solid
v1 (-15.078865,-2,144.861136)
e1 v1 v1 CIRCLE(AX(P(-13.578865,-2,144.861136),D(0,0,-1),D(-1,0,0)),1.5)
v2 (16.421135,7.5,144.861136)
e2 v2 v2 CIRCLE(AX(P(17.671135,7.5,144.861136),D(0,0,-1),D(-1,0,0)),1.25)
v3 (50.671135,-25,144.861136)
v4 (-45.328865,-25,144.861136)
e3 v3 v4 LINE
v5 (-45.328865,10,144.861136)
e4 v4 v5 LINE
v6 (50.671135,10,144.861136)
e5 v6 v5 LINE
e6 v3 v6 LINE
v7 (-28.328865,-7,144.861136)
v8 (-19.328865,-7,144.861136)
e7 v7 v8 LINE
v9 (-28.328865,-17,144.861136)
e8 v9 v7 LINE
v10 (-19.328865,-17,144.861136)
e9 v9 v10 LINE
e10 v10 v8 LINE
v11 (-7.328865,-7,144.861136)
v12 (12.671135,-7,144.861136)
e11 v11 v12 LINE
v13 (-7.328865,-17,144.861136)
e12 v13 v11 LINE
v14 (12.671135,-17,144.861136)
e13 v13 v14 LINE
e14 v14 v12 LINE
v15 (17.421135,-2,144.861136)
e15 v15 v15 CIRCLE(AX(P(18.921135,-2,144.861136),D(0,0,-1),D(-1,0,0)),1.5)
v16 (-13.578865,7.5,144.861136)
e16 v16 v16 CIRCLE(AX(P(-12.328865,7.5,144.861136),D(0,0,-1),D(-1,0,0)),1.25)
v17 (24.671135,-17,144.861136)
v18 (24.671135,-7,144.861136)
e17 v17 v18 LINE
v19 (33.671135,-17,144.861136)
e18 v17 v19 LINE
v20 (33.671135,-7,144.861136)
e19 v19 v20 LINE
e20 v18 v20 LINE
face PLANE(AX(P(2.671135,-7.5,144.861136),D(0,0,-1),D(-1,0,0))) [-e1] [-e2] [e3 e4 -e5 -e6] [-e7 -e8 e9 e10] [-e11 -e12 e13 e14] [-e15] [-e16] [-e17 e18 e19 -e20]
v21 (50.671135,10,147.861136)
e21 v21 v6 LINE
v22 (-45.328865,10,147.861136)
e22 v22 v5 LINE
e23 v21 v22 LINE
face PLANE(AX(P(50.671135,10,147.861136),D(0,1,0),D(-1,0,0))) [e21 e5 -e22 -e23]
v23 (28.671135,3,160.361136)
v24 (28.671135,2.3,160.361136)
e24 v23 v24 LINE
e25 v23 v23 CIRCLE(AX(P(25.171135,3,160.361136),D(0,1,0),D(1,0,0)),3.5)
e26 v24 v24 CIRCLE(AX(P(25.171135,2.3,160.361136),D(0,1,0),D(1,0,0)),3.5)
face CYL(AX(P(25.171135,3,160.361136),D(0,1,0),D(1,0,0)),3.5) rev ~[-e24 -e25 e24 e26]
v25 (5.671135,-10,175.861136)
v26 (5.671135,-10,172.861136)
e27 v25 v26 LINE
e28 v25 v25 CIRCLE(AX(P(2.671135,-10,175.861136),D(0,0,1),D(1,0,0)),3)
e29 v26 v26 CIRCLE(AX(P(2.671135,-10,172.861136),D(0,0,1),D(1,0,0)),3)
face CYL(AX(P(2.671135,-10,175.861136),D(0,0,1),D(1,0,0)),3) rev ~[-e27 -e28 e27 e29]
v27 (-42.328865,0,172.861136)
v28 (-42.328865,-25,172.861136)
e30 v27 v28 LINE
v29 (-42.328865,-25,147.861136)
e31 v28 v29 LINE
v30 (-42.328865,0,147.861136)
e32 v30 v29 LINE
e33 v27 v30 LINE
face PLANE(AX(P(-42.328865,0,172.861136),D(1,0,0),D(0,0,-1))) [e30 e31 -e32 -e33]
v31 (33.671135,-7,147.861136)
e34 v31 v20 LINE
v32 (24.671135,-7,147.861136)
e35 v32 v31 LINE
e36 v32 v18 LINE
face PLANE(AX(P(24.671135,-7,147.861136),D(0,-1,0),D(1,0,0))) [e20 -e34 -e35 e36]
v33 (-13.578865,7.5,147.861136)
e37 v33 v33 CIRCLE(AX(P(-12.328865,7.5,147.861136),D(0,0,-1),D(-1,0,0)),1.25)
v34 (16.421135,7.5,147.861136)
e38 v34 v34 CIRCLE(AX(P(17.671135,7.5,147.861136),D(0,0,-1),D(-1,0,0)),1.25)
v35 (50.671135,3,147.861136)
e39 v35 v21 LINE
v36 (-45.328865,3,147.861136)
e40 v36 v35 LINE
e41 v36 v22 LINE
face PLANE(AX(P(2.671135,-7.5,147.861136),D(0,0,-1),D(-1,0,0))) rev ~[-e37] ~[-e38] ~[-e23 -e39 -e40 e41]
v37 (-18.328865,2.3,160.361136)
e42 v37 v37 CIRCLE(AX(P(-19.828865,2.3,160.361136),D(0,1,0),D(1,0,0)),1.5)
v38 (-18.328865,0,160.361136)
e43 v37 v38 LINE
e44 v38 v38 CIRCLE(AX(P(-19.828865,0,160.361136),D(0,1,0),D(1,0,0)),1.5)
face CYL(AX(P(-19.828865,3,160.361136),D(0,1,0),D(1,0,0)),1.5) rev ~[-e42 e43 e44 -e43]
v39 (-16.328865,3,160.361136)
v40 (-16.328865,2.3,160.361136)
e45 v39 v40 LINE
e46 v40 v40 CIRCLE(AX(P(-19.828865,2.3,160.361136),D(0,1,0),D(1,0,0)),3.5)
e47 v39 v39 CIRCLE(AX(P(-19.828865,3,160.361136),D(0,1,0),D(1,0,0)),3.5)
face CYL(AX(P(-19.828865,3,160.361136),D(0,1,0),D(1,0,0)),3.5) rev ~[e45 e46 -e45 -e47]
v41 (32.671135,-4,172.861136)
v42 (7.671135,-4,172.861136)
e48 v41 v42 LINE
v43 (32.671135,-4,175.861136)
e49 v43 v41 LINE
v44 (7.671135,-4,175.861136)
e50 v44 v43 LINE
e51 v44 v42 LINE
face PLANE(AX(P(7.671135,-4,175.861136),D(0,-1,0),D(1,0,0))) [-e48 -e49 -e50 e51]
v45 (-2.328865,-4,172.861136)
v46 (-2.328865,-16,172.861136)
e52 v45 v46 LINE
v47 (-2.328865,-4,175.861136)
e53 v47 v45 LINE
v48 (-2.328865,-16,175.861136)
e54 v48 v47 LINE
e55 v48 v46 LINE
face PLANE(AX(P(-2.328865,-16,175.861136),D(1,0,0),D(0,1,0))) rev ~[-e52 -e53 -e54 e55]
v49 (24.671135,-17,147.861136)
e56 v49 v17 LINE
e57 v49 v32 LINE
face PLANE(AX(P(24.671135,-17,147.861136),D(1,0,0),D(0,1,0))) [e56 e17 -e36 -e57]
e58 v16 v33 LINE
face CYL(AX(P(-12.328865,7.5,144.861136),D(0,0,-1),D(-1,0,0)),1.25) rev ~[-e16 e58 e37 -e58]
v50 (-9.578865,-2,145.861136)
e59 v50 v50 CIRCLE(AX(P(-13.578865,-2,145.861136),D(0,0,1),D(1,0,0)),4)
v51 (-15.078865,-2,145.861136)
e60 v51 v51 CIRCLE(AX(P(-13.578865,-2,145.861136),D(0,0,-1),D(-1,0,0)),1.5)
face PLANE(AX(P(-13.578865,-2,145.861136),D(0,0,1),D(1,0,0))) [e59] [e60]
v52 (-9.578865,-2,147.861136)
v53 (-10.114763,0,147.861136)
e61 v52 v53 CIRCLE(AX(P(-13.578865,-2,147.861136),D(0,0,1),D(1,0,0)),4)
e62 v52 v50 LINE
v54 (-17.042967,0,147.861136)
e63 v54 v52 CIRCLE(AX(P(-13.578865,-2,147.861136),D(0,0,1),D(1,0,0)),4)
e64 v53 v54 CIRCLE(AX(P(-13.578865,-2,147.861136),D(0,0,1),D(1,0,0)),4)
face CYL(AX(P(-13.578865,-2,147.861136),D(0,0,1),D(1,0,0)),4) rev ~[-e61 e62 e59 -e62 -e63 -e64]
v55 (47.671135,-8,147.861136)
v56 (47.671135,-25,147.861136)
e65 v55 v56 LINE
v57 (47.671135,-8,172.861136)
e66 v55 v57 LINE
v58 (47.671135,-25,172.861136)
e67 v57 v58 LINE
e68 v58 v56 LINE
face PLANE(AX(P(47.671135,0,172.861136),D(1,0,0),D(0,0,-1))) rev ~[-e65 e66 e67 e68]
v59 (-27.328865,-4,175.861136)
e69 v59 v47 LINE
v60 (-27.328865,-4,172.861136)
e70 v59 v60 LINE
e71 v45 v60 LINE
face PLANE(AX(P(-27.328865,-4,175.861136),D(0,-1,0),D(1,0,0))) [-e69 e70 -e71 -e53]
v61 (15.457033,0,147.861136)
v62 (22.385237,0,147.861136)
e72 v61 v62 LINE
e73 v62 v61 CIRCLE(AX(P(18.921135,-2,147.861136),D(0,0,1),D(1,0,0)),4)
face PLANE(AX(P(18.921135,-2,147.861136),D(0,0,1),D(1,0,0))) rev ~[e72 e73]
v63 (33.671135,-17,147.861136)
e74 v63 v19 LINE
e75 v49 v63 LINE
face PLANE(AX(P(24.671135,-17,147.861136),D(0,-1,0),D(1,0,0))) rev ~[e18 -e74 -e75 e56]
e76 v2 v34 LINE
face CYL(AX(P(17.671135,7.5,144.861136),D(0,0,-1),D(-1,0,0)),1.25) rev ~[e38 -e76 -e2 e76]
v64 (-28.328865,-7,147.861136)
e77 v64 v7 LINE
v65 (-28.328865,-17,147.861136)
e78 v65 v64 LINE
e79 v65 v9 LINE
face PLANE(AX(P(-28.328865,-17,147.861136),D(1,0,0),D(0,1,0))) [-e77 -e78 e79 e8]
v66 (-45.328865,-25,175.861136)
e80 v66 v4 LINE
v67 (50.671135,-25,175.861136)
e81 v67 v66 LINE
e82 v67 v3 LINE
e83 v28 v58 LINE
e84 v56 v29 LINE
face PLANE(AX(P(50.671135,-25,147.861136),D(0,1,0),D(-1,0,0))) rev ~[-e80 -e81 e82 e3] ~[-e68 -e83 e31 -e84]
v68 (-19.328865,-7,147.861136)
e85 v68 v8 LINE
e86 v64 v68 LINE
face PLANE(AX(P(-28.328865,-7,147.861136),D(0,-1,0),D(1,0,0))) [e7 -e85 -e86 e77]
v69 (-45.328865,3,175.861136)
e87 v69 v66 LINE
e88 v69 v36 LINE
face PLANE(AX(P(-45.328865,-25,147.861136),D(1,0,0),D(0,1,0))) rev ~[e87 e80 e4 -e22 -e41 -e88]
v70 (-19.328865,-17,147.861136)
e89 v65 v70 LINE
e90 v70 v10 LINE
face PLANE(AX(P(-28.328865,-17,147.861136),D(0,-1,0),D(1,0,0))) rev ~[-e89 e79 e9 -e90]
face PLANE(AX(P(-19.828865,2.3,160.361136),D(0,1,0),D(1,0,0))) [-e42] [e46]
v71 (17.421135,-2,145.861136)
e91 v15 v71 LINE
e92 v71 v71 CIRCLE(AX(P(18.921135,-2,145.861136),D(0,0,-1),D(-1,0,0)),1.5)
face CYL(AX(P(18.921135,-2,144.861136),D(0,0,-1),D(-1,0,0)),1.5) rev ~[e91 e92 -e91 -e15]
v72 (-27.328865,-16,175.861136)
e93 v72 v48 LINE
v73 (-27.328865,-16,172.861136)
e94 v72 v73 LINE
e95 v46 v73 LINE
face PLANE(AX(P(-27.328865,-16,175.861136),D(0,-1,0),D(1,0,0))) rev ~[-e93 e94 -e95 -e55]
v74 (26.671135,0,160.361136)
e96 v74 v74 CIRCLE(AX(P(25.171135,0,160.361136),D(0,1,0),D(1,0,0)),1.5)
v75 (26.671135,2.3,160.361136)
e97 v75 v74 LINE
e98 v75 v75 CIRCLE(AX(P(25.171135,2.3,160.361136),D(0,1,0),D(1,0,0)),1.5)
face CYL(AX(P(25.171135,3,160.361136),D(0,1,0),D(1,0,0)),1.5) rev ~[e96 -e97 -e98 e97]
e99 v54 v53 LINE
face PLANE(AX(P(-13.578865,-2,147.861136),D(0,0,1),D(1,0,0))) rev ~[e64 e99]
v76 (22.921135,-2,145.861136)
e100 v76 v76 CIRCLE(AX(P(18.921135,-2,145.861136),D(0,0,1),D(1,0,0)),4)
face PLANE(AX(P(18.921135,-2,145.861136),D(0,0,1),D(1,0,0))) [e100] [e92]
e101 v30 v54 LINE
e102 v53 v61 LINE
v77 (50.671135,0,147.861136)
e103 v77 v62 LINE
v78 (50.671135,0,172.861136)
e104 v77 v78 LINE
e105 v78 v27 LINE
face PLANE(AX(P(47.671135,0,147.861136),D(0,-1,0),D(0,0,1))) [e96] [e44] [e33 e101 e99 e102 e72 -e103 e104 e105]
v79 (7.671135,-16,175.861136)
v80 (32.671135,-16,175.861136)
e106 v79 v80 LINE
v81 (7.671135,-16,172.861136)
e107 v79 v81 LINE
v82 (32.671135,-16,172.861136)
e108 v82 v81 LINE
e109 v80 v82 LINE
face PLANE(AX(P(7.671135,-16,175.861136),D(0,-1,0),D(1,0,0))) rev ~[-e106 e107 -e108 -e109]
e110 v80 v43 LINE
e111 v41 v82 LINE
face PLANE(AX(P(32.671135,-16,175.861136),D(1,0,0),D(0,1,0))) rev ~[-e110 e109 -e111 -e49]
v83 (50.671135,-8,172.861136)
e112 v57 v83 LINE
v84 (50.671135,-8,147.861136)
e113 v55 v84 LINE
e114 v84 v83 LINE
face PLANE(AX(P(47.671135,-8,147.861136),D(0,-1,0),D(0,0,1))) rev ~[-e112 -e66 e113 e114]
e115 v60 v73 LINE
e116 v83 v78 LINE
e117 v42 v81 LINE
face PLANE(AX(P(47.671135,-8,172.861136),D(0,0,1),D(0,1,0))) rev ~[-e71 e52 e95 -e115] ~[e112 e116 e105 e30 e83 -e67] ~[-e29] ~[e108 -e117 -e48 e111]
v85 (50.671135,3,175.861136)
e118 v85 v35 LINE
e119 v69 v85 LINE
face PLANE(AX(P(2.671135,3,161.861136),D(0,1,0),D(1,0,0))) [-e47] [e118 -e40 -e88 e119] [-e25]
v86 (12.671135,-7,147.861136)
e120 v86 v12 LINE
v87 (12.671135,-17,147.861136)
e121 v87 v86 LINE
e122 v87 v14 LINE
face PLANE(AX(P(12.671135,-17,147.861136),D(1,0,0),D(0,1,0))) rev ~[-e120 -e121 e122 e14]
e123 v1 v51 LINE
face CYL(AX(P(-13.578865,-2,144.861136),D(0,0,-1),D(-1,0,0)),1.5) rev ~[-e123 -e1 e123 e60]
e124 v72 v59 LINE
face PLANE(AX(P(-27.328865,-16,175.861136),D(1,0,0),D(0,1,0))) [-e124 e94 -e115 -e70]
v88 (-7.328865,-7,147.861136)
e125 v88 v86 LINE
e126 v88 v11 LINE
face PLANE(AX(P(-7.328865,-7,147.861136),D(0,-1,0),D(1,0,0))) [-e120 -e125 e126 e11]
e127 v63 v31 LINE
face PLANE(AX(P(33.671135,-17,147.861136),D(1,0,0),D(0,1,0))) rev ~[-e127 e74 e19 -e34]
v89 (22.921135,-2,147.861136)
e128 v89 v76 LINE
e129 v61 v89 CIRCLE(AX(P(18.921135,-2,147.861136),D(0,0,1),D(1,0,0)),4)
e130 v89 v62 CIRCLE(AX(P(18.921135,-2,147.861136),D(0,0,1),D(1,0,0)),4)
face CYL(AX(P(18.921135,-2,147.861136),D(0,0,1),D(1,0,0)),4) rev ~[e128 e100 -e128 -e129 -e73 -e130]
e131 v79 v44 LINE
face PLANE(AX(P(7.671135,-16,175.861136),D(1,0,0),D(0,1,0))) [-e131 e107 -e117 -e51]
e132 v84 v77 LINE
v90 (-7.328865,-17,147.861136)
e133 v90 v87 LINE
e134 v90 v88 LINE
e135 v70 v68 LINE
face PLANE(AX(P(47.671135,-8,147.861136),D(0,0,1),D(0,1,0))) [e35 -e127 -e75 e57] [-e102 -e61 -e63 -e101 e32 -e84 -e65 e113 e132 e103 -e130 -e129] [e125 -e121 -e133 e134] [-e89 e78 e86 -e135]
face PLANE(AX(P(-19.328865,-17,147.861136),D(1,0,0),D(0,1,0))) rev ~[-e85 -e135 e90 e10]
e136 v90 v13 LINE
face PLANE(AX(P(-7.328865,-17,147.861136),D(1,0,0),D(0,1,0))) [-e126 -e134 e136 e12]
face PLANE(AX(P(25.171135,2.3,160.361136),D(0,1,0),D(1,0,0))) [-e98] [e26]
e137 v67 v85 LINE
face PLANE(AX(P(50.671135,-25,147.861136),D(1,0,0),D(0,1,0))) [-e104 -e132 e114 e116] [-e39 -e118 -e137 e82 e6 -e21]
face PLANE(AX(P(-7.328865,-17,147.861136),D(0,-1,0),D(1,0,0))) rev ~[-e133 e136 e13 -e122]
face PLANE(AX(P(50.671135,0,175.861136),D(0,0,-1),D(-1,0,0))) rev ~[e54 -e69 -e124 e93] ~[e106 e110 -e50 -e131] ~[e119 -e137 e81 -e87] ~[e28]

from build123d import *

# Parameters (mm, degrees)
SKETCH1_W           = 96
SKETCH1_H           = 28
BOSS_EXTRUDE1_DEPTH = 3
SKETCH2_W           = 3
SKETCH2_H           = 25
BOSS_EXTRUDE2_DEPTH = 25
SKETCH3_W           = 96
SKETCH3_H           = 35
BOSS_EXTRUDE3_DEPTH = 3
CUT_EXTRUDE2_REACH  = 30
SKETCH4_R           = 1.5
SKETCH5_R           = 3.5
CUT_EXTRUDE3_DEPTH  = 0.7
CUT_EXTRUDE4_REACH  = 33
SKETCH6_R           = 1.5
SKETCH6_R_2         = 1.25
SKETCH7_R           = 4
CUT_EXTRUDE5_DEPTH  = 2
CUT_EXTRUDE7_REACH  = 33
SKETCH8_R           = 3
SKETCH8_W           = 25
SKETCH8_H           = 12
CUT_EXTRUDE8_REACH  = 5
SKETCH9_W           = 20
SKETCH9_H           = 10
SKETCH9_W_2         = 9
CUT_EXTRUDE9_REACH  = 5
SKETCH10_W          = 25
SKETCH10_H          = 8


with BuildPart() as part:
    # Sketch1 → Boss-Extrude1 (new body)
    with BuildSketch(Plane(origin=(0, 0, 0), x_dir=(1, 0, 0), z_dir=(0, 1, 0))):
        with Locations((2.671135036, -161.861135542)):
            Rectangle(SKETCH1_W, SKETCH1_H)
    extrude(amount=BOSS_EXTRUDE1_DEPTH)

    # Sketch2 → Boss-Extrude2 (add)
    with BuildSketch(Plane(origin=(0, 0, 0), x_dir=(-1, 0, 0), z_dir=(0, -1, 0))):
        Polygon((-50.671135036, -175.861135542), (45.328864964, -175.861135542), (45.328864964, -172.861135542), (42.328864964, -172.861135542), (-47.671135036, -172.861135542), (-50.671135036, -172.861135542), align=None)
        with Locations((43.828864964, -160.361135542)):
            Rectangle(SKETCH2_W, SKETCH2_H)
        with Locations((-49.171135036, -160.361135542)):
            Rectangle(SKETCH2_W, SKETCH2_H)
    extrude(amount=BOSS_EXTRUDE2_DEPTH)

    # Sketch3 → Boss-Extrude3 (add)
    with BuildSketch(Plane(origin=(0, 0, 147.861135542), x_dir=(-1, 0, 0), z_dir=(0, 0, -1))):
        with Locations((-2.671135036, -7.5)):
            Rectangle(SKETCH3_W, SKETCH3_H)
    extrude(amount=BOSS_EXTRUDE3_DEPTH)

    # Sketch4 → Cut-Extrude2 (cut, up to next)
    with BuildSketch(Plane(origin=(0, 3, 0), x_dir=(1, 0, 0), z_dir=(0, 1, 0)), mode=Mode.PRIVATE) as cut_extrude2_sk1:
        with Locations((-19.828864964, -160.361135542)):
            Circle(SKETCH4_R)
    cut_extrude2_tool1 = extrude(cut_extrude2_sk1.sketch, amount=-CUT_EXTRUDE2_REACH, mode=Mode.PRIVATE) & part.part
    add(cut_extrude2_tool1.solids().sort_by_distance((-19.828865, 3, 160.361136))[0], mode=Mode.SUBTRACT)
    # Sketch4 → Cut-Extrude2 (cut, up to next)
    with BuildSketch(Plane(origin=(0, 3, 0), x_dir=(1, 0, 0), z_dir=(0, 1, 0)), mode=Mode.PRIVATE) as cut_extrude2_sk2:
        with Locations((25.171135036, -160.361135542)):
            Circle(SKETCH4_R)
    cut_extrude2_tool2 = extrude(cut_extrude2_sk2.sketch, amount=-CUT_EXTRUDE2_REACH, mode=Mode.PRIVATE) & part.part
    add(cut_extrude2_tool2.solids().sort_by_distance((25.171135, 3, 160.361136))[0], mode=Mode.SUBTRACT)

    # Sketch5 → Cut-Extrude3 (cut)
    with BuildSketch(Plane(origin=(0, 3, 0), x_dir=(1, 0, 0), z_dir=(0, 1, 0))):
        with Locations((-19.828864964, -160.361135542)):
            Circle(SKETCH5_R)
        with Locations((25.171135036, -160.361135542)):
            Circle(SKETCH5_R)
    extrude(amount=-CUT_EXTRUDE3_DEPTH, mode=Mode.SUBTRACT)

    # Sketch6 → Cut-Extrude4 (cut, up to next)
    with BuildSketch(Plane(origin=(0, 0, 144.861135542), x_dir=(-1, 0, 0), z_dir=(0, 0, -1)), mode=Mode.PRIVATE) as cut_extrude4_sk1:
        with Locations((-18.921135036, -2)):
            Circle(SKETCH6_R)
    cut_extrude4_tool1 = extrude(cut_extrude4_sk1.sketch, amount=-CUT_EXTRUDE4_REACH, mode=Mode.PRIVATE) & part.part
    add(cut_extrude4_tool1.solids().sort_by_distance((18.921135, -2, 144.861136))[0], mode=Mode.SUBTRACT)
    # Sketch6 → Cut-Extrude4 (cut, up to next)
    with BuildSketch(Plane(origin=(0, 0, 144.861135542), x_dir=(-1, 0, 0), z_dir=(0, 0, -1)), mode=Mode.PRIVATE) as cut_extrude4_sk2:
        with Locations((13.578864964, -2)):
            Circle(SKETCH6_R)
    cut_extrude4_tool2 = extrude(cut_extrude4_sk2.sketch, amount=-CUT_EXTRUDE4_REACH, mode=Mode.PRIVATE) & part.part
    add(cut_extrude4_tool2.solids().sort_by_distance((-13.578865, -2, 144.861136))[0], mode=Mode.SUBTRACT)
    # Sketch6 → Cut-Extrude4 (cut, up to next)
    with BuildSketch(Plane(origin=(0, 0, 144.861135542), x_dir=(-1, 0, 0), z_dir=(0, 0, -1)), mode=Mode.PRIVATE) as cut_extrude4_sk3:
        with Locations((12.328864964, 7.5)):
            Circle(SKETCH6_R_2)
    cut_extrude4_tool3 = extrude(cut_extrude4_sk3.sketch, amount=-CUT_EXTRUDE4_REACH, mode=Mode.PRIVATE) & part.part
    add(cut_extrude4_tool3.solids().sort_by_distance((-12.328865, 7.5, 144.861136))[0], mode=Mode.SUBTRACT)
    # Sketch6 → Cut-Extrude4 (cut, up to next)
    with BuildSketch(Plane(origin=(0, 0, 144.861135542), x_dir=(-1, 0, 0), z_dir=(0, 0, -1)), mode=Mode.PRIVATE) as cut_extrude4_sk4:
        with Locations((-17.671135036, 7.5)):
            Circle(SKETCH6_R_2)
    cut_extrude4_tool4 = extrude(cut_extrude4_sk4.sketch, amount=-CUT_EXTRUDE4_REACH, mode=Mode.PRIVATE) & part.part
    add(cut_extrude4_tool4.solids().sort_by_distance((17.671135, 7.5, 144.861136))[0], mode=Mode.SUBTRACT)

    # Sketch7 → Cut-Extrude5 (cut)
    with BuildSketch(Plane.XY.offset(147.861135542)):
        with Locations((18.921135036, -2)):
            Circle(SKETCH7_R)
        with Locations((-13.578864964, -2)):
            Circle(SKETCH7_R)
    extrude(amount=-CUT_EXTRUDE5_DEPTH, mode=Mode.SUBTRACT)

    # Sketch8 → Cut-Extrude7 (cut, up to next)
    with BuildSketch(Plane.XY.offset(175.861135542), mode=Mode.PRIVATE) as cut_extrude7_sk1:
        with Locations((2.671135036, -10)):
            Circle(SKETCH8_R)
    cut_extrude7_tool1 = extrude(cut_extrude7_sk1.sketch, amount=-CUT_EXTRUDE7_REACH, mode=Mode.PRIVATE) & part.part
    add(cut_extrude7_tool1.solids().sort_by_distance((2.671135, -10, 175.861136))[0], mode=Mode.SUBTRACT)
    # Sketch8 → Cut-Extrude7 (cut, up to next)
    with BuildSketch(Plane.XY.offset(175.861135542), mode=Mode.PRIVATE) as cut_extrude7_sk2:
        with Locations((-14.828864964, -10)):
            Rectangle(SKETCH8_W, SKETCH8_H)
    cut_extrude7_tool2 = extrude(cut_extrude7_sk2.sketch, amount=-CUT_EXTRUDE7_REACH, mode=Mode.PRIVATE) & part.part
    add(cut_extrude7_tool2.solids().sort_by_distance((-14.828865, -10, 175.861136))[0], mode=Mode.SUBTRACT)
    # Sketch8 → Cut-Extrude7 (cut, up to next)
    with BuildSketch(Plane.XY.offset(175.861135542), mode=Mode.PRIVATE) as cut_extrude7_sk3:
        with Locations((20.171135036, -10)):
            Rectangle(SKETCH8_W, SKETCH8_H)
    cut_extrude7_tool3 = extrude(cut_extrude7_sk3.sketch, amount=-CUT_EXTRUDE7_REACH, mode=Mode.PRIVATE) & part.part
    add(cut_extrude7_tool3.solids().sort_by_distance((20.171135, -10, 175.861136))[0], mode=Mode.SUBTRACT)

    # Sketch9 → Cut-Extrude8 (cut, up to next)
    with BuildSketch(Plane.XY.offset(147.861135542), mode=Mode.PRIVATE) as cut_extrude8_sk1:
        with Locations((2.671135036, -12)):
            Rectangle(SKETCH9_W, SKETCH9_H)
    cut_extrude8_tool1 = extrude(cut_extrude8_sk1.sketch, amount=-CUT_EXTRUDE8_REACH, mode=Mode.PRIVATE) & part.part
    add(cut_extrude8_tool1.solids().sort_by_distance((2.671135, -12, 147.861136))[0], mode=Mode.SUBTRACT)
    # Sketch9 → Cut-Extrude8 (cut, up to next)
    with BuildSketch(Plane.XY.offset(147.861135542), mode=Mode.PRIVATE) as cut_extrude8_sk2:
        with Locations((-23.828864964, -12)):
            Rectangle(SKETCH9_W_2, SKETCH9_H)
    cut_extrude8_tool2 = extrude(cut_extrude8_sk2.sketch, amount=-CUT_EXTRUDE8_REACH, mode=Mode.PRIVATE) & part.part
    add(cut_extrude8_tool2.solids().sort_by_distance((-23.828865, -12, 147.861136))[0], mode=Mode.SUBTRACT)
    # Sketch9 → Cut-Extrude8 (cut, up to next)
    with BuildSketch(Plane.XY.offset(147.861135542), mode=Mode.PRIVATE) as cut_extrude8_sk3:
        with Locations((29.171135036, -12)):
            Rectangle(SKETCH9_W_2, SKETCH9_H)
    cut_extrude8_tool3 = extrude(cut_extrude8_sk3.sketch, amount=-CUT_EXTRUDE8_REACH, mode=Mode.PRIVATE) & part.part
    add(cut_extrude8_tool3.solids().sort_by_distance((29.171135, -12, 147.861136))[0], mode=Mode.SUBTRACT)

    # Sketch10 → Cut-Extrude9 (cut, up to next)
    with BuildSketch(Plane.ZY.offset(-47.671135036), mode=Mode.PRIVATE) as cut_extrude9_sk1:
        with Locations((160.361135542, -4)):
            Rectangle(SKETCH10_W, SKETCH10_H)
    cut_extrude9_tool1 = extrude(cut_extrude9_sk1.sketch, amount=-CUT_EXTRUDE9_REACH, mode=Mode.PRIVATE) & part.part
    add(cut_extrude9_tool1.solids().sort_by_distance((47.671135, -4, 160.361136))[0], mode=Mode.SUBTRACT)


solid = part.part
